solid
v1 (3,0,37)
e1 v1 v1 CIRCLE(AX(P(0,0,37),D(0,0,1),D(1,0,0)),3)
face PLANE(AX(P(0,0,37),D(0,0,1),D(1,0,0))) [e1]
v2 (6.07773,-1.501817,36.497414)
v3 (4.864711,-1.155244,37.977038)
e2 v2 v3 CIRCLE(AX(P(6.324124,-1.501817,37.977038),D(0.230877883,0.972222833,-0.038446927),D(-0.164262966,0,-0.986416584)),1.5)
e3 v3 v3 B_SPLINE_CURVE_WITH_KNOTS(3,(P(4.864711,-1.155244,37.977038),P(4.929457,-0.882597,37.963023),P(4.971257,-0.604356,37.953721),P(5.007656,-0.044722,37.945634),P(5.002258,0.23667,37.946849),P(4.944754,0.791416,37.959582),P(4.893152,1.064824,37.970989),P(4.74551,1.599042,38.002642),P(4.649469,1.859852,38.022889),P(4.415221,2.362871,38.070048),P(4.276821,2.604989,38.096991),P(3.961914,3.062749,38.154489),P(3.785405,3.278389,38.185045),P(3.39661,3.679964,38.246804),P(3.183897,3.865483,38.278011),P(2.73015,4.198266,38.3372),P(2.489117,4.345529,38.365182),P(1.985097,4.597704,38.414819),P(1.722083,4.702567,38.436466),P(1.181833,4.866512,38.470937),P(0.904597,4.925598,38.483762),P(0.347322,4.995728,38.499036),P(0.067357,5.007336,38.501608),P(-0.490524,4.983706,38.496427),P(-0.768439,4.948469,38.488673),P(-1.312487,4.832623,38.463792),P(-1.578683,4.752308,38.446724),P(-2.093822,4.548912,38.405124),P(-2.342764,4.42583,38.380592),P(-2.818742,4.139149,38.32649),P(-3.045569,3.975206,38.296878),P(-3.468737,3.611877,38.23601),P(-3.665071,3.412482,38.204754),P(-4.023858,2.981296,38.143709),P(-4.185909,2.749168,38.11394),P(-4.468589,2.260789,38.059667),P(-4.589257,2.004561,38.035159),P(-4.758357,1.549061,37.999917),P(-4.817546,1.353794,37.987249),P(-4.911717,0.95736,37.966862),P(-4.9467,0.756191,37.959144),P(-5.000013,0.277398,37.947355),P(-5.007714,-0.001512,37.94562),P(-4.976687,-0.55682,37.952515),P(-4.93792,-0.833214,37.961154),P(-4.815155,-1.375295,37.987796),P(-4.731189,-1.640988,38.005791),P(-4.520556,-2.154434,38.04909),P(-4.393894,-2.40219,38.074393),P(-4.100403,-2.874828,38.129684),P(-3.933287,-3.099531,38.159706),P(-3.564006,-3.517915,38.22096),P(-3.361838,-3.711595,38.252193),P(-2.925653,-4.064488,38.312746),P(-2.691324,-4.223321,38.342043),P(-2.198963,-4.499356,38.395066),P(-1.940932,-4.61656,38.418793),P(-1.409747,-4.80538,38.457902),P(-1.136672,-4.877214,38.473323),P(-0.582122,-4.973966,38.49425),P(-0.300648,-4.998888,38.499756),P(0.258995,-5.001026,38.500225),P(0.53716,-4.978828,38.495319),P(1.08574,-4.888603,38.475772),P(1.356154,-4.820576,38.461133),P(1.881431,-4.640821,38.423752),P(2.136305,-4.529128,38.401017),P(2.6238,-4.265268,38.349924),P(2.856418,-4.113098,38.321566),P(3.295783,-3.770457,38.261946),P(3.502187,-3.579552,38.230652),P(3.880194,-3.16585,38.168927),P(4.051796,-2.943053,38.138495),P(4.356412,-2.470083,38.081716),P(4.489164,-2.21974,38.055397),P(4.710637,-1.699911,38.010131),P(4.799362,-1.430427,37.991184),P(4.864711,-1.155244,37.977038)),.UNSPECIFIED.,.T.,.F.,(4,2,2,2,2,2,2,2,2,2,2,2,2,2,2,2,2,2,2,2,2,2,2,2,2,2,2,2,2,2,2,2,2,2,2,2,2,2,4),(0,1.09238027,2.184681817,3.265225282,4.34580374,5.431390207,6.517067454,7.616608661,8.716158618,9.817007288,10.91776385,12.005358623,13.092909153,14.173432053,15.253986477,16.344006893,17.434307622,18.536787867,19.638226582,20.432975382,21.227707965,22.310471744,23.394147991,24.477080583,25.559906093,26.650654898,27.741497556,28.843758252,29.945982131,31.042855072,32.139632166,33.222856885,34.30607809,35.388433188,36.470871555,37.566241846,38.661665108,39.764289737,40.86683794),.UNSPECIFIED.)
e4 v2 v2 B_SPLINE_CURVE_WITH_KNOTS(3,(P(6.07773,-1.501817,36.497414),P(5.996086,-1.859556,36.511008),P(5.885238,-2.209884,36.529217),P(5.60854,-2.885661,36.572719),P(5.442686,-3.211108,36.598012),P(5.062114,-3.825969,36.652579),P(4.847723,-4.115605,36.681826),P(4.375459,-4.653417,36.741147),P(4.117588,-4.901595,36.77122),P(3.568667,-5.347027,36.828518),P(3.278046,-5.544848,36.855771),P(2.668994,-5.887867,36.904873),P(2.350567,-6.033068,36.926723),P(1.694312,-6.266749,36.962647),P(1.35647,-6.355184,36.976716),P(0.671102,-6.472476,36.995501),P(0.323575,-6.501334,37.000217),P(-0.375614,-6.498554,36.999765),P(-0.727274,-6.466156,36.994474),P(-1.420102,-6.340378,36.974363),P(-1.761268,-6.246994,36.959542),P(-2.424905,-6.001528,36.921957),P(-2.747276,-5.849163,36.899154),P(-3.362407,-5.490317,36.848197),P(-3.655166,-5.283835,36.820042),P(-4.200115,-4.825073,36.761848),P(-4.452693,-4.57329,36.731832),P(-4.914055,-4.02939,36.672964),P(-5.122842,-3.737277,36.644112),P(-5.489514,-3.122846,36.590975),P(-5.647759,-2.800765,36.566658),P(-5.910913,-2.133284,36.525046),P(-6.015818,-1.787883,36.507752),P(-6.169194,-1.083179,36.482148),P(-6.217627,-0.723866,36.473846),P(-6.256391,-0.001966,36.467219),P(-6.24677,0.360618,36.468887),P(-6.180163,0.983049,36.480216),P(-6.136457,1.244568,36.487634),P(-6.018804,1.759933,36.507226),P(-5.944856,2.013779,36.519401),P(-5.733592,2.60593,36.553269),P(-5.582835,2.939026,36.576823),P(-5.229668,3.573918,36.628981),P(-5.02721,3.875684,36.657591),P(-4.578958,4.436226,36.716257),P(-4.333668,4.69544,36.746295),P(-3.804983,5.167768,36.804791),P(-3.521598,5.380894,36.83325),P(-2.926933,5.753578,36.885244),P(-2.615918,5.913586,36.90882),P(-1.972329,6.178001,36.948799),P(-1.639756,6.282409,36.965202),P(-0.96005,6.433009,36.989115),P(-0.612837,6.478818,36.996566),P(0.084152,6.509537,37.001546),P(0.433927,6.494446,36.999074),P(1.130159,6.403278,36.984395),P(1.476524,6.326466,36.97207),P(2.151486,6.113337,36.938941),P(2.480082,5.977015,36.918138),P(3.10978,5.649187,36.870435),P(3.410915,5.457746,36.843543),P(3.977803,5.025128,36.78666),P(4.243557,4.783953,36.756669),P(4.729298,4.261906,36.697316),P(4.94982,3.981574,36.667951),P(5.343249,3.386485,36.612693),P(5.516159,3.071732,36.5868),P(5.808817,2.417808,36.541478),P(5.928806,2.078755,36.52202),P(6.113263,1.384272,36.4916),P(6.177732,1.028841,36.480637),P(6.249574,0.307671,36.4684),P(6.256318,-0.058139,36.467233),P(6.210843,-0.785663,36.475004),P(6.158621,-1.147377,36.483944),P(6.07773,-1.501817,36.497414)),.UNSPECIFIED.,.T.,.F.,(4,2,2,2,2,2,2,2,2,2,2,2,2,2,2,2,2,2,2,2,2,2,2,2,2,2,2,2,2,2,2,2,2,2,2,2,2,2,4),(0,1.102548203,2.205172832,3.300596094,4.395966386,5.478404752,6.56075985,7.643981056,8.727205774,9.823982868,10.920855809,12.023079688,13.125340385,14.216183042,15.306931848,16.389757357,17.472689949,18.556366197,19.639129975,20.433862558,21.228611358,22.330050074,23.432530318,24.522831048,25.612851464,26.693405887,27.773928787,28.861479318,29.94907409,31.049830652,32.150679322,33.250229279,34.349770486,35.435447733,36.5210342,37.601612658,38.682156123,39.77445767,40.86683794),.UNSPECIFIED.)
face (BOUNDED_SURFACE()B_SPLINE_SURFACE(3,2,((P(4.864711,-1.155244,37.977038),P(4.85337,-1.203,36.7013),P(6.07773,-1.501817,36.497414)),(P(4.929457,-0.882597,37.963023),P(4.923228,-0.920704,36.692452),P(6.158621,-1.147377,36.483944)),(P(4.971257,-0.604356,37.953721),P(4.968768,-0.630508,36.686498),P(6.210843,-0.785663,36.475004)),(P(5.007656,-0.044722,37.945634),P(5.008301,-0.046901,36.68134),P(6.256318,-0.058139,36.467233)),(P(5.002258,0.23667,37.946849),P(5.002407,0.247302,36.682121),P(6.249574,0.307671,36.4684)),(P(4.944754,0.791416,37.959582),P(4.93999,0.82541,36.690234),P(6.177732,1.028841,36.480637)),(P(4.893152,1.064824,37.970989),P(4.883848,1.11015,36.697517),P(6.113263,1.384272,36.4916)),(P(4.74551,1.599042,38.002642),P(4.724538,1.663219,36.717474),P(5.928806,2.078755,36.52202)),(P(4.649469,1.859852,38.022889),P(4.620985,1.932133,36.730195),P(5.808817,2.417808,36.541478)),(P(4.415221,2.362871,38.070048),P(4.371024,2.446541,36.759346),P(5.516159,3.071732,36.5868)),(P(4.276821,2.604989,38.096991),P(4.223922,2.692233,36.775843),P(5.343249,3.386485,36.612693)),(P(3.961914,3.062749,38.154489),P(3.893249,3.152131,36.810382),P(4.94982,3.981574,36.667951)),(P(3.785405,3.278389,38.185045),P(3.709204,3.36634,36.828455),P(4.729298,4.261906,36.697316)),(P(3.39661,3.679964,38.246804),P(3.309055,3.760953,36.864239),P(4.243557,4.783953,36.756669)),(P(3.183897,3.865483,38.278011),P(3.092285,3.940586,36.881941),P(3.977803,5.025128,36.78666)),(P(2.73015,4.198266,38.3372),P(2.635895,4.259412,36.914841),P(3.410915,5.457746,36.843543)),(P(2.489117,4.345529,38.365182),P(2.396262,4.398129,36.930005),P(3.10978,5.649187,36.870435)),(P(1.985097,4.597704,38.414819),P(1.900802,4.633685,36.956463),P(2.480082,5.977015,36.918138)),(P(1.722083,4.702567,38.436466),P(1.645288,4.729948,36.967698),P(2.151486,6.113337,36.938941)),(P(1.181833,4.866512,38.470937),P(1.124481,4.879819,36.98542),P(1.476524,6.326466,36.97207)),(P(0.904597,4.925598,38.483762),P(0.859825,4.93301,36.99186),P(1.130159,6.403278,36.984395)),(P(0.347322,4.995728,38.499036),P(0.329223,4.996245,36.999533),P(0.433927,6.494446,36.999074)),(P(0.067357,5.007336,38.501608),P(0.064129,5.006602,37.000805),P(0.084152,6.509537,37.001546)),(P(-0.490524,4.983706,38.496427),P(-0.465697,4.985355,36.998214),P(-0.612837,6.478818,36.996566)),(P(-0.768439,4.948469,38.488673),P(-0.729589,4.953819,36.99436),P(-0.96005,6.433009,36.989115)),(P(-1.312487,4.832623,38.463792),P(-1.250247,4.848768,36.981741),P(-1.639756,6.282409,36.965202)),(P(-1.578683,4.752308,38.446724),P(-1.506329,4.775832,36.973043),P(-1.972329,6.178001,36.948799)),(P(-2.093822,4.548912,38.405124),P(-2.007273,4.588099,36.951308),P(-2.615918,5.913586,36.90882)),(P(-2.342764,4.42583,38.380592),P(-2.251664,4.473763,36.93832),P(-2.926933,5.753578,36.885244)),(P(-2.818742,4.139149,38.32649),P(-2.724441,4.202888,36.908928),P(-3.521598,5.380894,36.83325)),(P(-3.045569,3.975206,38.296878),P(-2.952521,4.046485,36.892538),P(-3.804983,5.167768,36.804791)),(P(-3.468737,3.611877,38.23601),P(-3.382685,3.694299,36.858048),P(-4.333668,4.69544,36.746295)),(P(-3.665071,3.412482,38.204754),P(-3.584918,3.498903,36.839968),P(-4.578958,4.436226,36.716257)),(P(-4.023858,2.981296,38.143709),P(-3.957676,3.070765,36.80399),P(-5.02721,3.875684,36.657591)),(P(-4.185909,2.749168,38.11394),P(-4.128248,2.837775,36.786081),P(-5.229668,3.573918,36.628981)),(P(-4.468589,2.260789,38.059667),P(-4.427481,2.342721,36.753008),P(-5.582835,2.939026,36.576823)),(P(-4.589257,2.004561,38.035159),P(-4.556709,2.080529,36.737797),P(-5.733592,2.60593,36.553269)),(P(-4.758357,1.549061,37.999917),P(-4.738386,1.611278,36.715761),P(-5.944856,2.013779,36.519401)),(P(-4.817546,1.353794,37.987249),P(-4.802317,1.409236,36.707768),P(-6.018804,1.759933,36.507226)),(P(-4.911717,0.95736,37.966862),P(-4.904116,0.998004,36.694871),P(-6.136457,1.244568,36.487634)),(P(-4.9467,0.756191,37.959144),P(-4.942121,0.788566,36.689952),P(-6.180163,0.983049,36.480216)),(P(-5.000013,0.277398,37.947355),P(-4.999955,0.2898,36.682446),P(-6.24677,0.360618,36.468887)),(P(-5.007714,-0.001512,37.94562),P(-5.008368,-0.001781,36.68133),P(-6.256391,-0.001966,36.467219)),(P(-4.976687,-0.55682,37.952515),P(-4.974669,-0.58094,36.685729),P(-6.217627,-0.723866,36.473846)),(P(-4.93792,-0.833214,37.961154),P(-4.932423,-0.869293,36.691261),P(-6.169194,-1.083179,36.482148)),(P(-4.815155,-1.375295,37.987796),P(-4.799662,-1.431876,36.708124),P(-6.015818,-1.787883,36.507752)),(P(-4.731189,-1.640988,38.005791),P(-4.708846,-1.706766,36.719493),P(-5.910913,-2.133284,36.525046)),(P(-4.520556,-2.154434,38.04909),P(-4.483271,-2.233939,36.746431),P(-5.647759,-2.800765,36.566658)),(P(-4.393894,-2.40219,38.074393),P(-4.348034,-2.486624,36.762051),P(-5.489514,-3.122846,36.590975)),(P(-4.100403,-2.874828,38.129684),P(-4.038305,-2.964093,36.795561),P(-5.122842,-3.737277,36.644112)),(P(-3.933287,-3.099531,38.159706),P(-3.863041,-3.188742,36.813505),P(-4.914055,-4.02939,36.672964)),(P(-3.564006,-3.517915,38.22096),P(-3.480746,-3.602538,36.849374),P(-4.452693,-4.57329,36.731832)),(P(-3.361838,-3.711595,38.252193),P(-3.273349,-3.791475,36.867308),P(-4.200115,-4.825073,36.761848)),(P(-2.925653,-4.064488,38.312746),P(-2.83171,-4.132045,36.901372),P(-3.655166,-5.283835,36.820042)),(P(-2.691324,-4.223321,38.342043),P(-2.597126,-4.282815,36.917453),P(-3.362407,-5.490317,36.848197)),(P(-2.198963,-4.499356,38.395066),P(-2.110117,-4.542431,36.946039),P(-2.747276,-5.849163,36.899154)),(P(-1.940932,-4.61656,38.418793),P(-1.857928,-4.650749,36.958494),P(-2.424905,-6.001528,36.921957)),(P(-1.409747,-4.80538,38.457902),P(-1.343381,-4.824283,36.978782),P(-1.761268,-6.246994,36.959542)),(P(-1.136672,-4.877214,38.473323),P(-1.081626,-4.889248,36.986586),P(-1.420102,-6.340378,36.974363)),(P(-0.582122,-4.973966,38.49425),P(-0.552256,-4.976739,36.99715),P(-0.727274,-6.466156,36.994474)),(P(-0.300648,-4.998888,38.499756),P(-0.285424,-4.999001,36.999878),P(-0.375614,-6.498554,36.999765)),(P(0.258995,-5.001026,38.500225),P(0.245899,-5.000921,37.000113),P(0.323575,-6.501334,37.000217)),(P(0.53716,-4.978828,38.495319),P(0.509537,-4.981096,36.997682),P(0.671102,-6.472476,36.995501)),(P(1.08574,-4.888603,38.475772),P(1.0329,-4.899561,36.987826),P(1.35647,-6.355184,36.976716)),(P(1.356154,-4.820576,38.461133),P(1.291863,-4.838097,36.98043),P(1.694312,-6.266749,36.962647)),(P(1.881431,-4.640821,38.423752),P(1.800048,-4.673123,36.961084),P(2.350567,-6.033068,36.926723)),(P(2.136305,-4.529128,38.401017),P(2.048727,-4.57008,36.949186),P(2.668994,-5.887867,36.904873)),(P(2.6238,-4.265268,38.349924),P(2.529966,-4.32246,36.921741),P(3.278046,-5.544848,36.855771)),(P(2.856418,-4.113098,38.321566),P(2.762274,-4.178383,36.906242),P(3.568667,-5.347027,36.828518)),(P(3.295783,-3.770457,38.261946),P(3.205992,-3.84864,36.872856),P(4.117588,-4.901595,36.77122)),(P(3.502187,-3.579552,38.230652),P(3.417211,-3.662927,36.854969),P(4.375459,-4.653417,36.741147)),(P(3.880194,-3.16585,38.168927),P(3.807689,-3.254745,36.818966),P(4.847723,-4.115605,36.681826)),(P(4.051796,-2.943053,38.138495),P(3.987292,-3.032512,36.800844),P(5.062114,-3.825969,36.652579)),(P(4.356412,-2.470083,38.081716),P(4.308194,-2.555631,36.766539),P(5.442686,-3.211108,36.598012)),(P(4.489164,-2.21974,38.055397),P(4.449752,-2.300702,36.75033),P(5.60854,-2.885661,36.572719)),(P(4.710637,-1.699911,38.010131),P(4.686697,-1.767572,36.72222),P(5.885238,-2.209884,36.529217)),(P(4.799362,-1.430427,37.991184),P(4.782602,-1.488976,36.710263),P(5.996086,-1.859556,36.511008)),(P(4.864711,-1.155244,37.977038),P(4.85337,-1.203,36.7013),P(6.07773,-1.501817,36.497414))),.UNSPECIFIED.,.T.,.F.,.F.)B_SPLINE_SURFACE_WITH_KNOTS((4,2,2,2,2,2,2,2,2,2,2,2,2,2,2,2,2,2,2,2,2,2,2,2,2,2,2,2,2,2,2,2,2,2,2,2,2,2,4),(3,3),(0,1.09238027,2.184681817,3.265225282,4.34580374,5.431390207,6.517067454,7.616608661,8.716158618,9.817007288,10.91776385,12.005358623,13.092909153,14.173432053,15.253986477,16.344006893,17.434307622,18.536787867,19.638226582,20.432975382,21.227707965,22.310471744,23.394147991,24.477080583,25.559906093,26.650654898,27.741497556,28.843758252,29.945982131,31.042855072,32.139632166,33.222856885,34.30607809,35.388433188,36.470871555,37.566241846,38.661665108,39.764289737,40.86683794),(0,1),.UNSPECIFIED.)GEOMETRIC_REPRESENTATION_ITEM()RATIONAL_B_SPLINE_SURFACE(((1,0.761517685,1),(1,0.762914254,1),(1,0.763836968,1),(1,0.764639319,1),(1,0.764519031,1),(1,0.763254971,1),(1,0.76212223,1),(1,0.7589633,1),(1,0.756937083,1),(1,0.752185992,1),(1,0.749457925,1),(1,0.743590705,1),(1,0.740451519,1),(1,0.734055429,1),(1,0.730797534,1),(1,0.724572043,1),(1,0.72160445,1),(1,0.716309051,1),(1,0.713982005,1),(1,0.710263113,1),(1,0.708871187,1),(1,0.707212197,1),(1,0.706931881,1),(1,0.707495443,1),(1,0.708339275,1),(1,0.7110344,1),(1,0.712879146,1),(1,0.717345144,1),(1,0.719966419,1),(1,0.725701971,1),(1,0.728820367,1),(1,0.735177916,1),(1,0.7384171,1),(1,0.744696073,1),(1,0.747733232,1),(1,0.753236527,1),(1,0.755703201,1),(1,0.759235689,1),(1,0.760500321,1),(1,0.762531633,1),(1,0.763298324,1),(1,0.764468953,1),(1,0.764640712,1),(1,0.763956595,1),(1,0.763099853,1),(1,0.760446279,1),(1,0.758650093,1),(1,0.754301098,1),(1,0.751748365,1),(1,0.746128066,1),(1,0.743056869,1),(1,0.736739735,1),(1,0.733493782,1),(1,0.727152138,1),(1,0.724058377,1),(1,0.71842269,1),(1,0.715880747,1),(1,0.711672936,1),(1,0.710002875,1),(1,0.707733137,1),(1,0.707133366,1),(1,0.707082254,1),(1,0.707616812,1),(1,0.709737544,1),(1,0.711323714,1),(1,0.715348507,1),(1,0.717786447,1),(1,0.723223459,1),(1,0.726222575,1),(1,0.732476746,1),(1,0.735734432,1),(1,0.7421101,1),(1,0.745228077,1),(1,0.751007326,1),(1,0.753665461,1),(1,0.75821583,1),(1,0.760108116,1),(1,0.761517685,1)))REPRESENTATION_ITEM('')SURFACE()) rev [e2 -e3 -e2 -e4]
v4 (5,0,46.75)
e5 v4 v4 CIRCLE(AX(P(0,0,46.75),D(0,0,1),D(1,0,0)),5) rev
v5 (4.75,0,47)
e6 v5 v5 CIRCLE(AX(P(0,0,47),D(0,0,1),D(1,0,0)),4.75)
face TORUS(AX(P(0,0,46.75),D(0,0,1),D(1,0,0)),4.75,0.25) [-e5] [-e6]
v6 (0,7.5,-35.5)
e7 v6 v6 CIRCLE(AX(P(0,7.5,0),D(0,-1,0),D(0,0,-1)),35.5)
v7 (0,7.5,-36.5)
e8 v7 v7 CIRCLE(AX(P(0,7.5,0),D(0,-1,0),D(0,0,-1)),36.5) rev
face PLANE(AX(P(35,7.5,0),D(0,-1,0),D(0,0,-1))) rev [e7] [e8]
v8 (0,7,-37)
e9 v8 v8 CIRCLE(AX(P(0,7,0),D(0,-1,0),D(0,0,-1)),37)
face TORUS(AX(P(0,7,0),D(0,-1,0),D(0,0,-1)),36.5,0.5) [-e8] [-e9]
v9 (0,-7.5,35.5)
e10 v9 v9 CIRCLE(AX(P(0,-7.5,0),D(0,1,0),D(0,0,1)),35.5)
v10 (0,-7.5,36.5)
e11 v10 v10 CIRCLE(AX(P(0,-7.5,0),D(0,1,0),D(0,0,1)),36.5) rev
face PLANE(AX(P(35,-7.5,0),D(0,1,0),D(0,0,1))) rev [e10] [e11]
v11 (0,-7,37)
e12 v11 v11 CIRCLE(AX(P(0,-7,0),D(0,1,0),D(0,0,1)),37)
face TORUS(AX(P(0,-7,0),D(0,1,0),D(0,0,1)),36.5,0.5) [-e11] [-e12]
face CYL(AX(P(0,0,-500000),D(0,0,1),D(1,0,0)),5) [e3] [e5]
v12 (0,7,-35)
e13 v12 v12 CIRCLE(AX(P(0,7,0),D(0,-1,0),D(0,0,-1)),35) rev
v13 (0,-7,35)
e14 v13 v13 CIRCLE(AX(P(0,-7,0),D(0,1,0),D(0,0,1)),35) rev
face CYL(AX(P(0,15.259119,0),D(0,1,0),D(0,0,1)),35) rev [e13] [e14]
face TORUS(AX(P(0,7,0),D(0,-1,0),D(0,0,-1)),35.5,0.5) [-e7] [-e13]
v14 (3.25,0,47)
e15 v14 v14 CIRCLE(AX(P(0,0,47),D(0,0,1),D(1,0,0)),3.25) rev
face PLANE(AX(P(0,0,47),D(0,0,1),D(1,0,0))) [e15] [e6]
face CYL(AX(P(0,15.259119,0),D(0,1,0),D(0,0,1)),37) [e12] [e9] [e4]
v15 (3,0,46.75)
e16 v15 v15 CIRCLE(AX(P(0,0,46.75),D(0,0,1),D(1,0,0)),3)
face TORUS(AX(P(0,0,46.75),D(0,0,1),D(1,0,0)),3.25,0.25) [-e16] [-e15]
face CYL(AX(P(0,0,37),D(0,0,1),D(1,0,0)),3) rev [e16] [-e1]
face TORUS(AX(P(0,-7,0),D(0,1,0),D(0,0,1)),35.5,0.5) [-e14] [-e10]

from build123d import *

# Parameters (mm, degrees)
SKETCH1_W                = 2
SKETCH1_H                = 15
BOSS_EXTRUDE1_REACH      = 94.094
BOSS_EXTRUDE1_END_RADIUS = 37
SKETCH2_R                = 5
SKETCH4_R                = 3
CUT_EXTRUDE1_DEPTH       = 10
FILLET2_R                = 0.25
FILLET3_R                = 1.5
FILLET4_R                = 0.5


with BuildPart() as part:
    # Sketch1 → Revolve1 (revolve)
    with BuildSketch(Plane.XY, mode=Mode.PRIVATE) as revolve1_sk:
        with Locations((36, 0)):
            Rectangle(SKETCH1_W, SKETCH1_H)
    revolve(revolve1_sk.sketch.rotate(Axis((0, 15.259118644, 0), (0, -1, 0)), 90), axis=Axis((0, 15.259118644, 0), (0, -1, 0)))

    # Boss-Extrude1: up to this cylinder (the profile starts outside it)
    boss_extrude1_end = Plane(origin=(0, 0, 0), z_dir=(0, 1, 0)) * Cylinder(BOSS_EXTRUDE1_END_RADIUS, 263.188, mode=Mode.PRIVATE)
    # Sketch2 → Boss-Extrude1 (add, up to the surface)
    with BuildSketch(Plane.XY.offset(47), mode=Mode.PRIVATE) as boss_extrude1_sk1:
        Circle(SKETCH2_R)
    boss_extrude1_tool1 = extrude(boss_extrude1_sk1.sketch, amount=-BOSS_EXTRUDE1_REACH, mode=Mode.PRIVATE) - boss_extrude1_end
    add(boss_extrude1_tool1.solids().sort_by_distance((0, 0, 47))[0])

    # Sketch4 → Cut-Extrude1 (cut)
    with BuildSketch(Plane.XY.offset(47)):
        Circle(SKETCH4_R)
    extrude(amount=-CUT_EXTRUDE1_DEPTH, mode=Mode.SUBTRACT)

    # Fillet2
    fillet2_edges = [part.edges().sort_by_distance(p)[0] for p in [
        (-5, 0, 47),
        (-3, 0, 47),
    ]]
    fillet(fillet2_edges, radius=FILLET2_R)

    # Fillet3
    fillet3_edges = [part.edges().sort_by_distance(p)[0] for p in [
        (-5, 0, 36.66060556),
    ]]
    fillet(fillet3_edges, radius=FILLET3_R)

    # Fillet4
    fillet4_edges = [part.edges().sort_by_distance(p)[0] for p in [
        (0, 7.5, -35),
        (0, 7.5, -37),
        (0, -7.5, -37),
        (0, -7.5, -35),
    ]]
    fillet(fillet4_edges, radius=FILLET4_R)


solid = part.part
